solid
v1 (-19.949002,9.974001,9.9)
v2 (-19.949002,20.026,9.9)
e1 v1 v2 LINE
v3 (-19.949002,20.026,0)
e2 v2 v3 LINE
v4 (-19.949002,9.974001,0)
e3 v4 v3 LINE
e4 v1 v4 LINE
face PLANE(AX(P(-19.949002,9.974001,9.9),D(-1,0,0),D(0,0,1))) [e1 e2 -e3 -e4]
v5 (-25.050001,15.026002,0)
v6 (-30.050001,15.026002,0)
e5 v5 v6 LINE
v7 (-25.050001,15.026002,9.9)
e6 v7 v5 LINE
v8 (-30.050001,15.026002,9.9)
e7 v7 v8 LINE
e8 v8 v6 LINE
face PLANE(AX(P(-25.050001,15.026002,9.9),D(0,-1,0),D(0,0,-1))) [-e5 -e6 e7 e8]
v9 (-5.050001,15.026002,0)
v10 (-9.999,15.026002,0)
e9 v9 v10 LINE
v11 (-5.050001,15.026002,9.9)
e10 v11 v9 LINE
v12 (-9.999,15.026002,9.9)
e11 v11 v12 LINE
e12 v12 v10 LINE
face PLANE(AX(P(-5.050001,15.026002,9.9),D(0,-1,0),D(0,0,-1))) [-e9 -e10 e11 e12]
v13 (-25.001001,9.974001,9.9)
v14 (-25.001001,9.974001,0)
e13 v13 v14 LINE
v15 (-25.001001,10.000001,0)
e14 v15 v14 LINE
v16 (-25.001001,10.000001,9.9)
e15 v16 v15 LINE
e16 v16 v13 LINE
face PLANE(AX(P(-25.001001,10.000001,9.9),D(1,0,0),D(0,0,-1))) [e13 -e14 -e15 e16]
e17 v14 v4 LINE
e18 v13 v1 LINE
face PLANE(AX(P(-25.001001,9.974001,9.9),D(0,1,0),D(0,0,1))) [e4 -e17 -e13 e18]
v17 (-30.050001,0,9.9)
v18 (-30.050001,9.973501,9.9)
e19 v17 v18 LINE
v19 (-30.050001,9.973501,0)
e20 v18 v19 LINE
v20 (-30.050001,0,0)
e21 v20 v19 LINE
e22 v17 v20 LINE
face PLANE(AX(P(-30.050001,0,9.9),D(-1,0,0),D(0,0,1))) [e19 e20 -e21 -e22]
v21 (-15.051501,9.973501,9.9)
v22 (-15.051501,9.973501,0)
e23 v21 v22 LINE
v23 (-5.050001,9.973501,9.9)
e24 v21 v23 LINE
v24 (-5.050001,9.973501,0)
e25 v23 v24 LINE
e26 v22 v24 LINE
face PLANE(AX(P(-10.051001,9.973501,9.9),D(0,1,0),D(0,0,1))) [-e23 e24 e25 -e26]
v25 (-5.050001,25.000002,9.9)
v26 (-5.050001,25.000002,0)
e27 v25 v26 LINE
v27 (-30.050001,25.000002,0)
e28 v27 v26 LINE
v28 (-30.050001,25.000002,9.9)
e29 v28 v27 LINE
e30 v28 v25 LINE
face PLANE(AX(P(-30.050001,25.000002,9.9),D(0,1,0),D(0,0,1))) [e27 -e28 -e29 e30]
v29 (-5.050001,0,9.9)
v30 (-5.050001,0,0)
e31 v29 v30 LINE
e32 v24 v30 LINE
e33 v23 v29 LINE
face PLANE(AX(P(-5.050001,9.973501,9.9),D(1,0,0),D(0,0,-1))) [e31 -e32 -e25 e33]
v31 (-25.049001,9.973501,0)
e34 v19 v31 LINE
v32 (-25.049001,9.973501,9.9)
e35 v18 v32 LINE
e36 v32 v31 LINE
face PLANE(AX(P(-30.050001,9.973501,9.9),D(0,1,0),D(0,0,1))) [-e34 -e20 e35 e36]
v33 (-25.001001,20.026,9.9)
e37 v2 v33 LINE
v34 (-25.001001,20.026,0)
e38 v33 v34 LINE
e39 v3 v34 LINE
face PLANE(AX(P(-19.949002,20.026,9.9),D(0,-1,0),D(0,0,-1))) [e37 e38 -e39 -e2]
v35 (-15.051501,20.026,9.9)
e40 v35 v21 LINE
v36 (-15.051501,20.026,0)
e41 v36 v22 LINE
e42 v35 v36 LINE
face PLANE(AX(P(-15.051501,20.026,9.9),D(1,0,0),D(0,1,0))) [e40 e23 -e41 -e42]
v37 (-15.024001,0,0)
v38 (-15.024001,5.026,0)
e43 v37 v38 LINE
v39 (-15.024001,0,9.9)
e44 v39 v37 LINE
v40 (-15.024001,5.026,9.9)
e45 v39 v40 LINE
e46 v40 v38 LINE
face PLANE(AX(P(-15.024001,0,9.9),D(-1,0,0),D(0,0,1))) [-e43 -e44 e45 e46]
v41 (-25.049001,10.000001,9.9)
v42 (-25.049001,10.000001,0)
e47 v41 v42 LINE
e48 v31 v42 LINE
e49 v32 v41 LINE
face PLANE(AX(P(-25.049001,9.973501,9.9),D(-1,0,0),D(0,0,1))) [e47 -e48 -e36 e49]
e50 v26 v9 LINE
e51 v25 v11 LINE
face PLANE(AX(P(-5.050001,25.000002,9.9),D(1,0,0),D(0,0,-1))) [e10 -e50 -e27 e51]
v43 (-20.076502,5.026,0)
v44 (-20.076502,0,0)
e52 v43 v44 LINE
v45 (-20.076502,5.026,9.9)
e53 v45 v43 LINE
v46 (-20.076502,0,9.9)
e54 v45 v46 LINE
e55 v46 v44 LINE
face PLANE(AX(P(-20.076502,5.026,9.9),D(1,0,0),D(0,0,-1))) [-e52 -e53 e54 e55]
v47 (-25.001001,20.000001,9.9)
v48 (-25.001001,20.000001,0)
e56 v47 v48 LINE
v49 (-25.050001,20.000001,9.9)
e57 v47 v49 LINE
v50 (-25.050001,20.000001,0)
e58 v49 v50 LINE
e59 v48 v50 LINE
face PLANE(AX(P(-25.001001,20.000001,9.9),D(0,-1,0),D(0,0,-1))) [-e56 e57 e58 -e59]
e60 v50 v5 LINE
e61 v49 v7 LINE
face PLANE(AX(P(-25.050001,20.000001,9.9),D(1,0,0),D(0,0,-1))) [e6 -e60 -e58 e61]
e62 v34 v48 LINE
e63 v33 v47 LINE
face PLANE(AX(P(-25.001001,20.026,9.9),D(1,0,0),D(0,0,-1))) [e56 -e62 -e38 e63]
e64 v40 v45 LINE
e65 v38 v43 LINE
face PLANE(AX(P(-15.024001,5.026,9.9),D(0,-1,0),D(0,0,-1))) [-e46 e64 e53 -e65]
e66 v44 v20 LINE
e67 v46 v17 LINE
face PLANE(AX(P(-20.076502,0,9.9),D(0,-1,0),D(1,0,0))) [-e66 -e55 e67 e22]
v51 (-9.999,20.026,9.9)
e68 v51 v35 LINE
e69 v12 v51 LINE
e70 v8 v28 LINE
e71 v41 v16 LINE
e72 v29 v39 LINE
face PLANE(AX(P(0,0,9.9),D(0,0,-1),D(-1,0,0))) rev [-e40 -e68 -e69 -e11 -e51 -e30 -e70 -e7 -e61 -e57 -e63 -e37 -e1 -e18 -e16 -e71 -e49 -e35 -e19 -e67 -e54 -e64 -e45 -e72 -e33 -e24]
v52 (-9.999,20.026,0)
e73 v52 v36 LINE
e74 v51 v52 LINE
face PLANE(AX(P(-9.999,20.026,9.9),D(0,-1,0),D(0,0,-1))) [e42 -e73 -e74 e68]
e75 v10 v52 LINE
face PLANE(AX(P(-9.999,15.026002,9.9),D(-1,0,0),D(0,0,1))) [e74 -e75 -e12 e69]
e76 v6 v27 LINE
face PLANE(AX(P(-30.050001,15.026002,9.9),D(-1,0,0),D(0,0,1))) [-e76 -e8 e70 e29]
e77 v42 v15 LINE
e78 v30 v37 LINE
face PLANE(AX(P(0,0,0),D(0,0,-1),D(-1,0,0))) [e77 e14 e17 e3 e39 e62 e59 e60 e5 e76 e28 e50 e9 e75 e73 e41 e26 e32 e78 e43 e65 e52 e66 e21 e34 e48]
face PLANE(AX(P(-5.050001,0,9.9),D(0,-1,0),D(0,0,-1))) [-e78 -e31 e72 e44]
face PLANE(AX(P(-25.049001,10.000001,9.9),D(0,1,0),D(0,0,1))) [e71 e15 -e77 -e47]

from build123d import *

# Parameters (mm, degrees)
BOSS_EXTRUDE1_DEPTH = 9.899999946


with BuildPart() as part:
    # Sketch1 → Boss-Extrude1 (new body)
    with BuildSketch(Plane(origin=(0, 0, 0), x_dir=(-1, 0, 0), z_dir=(0, 0, -1))):
        Polygon((30.050000664, 0), (30.050000664, 9.973500704), (25.049001075, 9.973500704), (25.049001075, 10.000000559), (25.001000706, 10.000000559), (25.001000706, 9.974000824), (19.949001889, 9.974000824), (19.949001889, 20.025999921), (25.001000706, 20.025999921), (25.001000706, 20.000001118), (25.050001316, 20.000001118), (25.050001316, 15.026001504), (30.050000664, 15.026001504), (30.050000664, 25.000002328), (5.050000664, 25.000002328), (5.050000664, 15.026001504), (9.999000318, 15.026001504), (9.999000318, 20.025999921), (15.051501118, 20.025999921), (15.051501118, 9.973500704), (10.051000718, 9.973500704), (5.050000664, 9.973500704), (5.050000664, 0), (15.024001023, 0), (15.024001023, 5.026000479), (20.076501822, 5.026000479), (20.076501822, 0), align=None)
    extrude(amount=-BOSS_EXTRUDE1_DEPTH)


solid = part.part
